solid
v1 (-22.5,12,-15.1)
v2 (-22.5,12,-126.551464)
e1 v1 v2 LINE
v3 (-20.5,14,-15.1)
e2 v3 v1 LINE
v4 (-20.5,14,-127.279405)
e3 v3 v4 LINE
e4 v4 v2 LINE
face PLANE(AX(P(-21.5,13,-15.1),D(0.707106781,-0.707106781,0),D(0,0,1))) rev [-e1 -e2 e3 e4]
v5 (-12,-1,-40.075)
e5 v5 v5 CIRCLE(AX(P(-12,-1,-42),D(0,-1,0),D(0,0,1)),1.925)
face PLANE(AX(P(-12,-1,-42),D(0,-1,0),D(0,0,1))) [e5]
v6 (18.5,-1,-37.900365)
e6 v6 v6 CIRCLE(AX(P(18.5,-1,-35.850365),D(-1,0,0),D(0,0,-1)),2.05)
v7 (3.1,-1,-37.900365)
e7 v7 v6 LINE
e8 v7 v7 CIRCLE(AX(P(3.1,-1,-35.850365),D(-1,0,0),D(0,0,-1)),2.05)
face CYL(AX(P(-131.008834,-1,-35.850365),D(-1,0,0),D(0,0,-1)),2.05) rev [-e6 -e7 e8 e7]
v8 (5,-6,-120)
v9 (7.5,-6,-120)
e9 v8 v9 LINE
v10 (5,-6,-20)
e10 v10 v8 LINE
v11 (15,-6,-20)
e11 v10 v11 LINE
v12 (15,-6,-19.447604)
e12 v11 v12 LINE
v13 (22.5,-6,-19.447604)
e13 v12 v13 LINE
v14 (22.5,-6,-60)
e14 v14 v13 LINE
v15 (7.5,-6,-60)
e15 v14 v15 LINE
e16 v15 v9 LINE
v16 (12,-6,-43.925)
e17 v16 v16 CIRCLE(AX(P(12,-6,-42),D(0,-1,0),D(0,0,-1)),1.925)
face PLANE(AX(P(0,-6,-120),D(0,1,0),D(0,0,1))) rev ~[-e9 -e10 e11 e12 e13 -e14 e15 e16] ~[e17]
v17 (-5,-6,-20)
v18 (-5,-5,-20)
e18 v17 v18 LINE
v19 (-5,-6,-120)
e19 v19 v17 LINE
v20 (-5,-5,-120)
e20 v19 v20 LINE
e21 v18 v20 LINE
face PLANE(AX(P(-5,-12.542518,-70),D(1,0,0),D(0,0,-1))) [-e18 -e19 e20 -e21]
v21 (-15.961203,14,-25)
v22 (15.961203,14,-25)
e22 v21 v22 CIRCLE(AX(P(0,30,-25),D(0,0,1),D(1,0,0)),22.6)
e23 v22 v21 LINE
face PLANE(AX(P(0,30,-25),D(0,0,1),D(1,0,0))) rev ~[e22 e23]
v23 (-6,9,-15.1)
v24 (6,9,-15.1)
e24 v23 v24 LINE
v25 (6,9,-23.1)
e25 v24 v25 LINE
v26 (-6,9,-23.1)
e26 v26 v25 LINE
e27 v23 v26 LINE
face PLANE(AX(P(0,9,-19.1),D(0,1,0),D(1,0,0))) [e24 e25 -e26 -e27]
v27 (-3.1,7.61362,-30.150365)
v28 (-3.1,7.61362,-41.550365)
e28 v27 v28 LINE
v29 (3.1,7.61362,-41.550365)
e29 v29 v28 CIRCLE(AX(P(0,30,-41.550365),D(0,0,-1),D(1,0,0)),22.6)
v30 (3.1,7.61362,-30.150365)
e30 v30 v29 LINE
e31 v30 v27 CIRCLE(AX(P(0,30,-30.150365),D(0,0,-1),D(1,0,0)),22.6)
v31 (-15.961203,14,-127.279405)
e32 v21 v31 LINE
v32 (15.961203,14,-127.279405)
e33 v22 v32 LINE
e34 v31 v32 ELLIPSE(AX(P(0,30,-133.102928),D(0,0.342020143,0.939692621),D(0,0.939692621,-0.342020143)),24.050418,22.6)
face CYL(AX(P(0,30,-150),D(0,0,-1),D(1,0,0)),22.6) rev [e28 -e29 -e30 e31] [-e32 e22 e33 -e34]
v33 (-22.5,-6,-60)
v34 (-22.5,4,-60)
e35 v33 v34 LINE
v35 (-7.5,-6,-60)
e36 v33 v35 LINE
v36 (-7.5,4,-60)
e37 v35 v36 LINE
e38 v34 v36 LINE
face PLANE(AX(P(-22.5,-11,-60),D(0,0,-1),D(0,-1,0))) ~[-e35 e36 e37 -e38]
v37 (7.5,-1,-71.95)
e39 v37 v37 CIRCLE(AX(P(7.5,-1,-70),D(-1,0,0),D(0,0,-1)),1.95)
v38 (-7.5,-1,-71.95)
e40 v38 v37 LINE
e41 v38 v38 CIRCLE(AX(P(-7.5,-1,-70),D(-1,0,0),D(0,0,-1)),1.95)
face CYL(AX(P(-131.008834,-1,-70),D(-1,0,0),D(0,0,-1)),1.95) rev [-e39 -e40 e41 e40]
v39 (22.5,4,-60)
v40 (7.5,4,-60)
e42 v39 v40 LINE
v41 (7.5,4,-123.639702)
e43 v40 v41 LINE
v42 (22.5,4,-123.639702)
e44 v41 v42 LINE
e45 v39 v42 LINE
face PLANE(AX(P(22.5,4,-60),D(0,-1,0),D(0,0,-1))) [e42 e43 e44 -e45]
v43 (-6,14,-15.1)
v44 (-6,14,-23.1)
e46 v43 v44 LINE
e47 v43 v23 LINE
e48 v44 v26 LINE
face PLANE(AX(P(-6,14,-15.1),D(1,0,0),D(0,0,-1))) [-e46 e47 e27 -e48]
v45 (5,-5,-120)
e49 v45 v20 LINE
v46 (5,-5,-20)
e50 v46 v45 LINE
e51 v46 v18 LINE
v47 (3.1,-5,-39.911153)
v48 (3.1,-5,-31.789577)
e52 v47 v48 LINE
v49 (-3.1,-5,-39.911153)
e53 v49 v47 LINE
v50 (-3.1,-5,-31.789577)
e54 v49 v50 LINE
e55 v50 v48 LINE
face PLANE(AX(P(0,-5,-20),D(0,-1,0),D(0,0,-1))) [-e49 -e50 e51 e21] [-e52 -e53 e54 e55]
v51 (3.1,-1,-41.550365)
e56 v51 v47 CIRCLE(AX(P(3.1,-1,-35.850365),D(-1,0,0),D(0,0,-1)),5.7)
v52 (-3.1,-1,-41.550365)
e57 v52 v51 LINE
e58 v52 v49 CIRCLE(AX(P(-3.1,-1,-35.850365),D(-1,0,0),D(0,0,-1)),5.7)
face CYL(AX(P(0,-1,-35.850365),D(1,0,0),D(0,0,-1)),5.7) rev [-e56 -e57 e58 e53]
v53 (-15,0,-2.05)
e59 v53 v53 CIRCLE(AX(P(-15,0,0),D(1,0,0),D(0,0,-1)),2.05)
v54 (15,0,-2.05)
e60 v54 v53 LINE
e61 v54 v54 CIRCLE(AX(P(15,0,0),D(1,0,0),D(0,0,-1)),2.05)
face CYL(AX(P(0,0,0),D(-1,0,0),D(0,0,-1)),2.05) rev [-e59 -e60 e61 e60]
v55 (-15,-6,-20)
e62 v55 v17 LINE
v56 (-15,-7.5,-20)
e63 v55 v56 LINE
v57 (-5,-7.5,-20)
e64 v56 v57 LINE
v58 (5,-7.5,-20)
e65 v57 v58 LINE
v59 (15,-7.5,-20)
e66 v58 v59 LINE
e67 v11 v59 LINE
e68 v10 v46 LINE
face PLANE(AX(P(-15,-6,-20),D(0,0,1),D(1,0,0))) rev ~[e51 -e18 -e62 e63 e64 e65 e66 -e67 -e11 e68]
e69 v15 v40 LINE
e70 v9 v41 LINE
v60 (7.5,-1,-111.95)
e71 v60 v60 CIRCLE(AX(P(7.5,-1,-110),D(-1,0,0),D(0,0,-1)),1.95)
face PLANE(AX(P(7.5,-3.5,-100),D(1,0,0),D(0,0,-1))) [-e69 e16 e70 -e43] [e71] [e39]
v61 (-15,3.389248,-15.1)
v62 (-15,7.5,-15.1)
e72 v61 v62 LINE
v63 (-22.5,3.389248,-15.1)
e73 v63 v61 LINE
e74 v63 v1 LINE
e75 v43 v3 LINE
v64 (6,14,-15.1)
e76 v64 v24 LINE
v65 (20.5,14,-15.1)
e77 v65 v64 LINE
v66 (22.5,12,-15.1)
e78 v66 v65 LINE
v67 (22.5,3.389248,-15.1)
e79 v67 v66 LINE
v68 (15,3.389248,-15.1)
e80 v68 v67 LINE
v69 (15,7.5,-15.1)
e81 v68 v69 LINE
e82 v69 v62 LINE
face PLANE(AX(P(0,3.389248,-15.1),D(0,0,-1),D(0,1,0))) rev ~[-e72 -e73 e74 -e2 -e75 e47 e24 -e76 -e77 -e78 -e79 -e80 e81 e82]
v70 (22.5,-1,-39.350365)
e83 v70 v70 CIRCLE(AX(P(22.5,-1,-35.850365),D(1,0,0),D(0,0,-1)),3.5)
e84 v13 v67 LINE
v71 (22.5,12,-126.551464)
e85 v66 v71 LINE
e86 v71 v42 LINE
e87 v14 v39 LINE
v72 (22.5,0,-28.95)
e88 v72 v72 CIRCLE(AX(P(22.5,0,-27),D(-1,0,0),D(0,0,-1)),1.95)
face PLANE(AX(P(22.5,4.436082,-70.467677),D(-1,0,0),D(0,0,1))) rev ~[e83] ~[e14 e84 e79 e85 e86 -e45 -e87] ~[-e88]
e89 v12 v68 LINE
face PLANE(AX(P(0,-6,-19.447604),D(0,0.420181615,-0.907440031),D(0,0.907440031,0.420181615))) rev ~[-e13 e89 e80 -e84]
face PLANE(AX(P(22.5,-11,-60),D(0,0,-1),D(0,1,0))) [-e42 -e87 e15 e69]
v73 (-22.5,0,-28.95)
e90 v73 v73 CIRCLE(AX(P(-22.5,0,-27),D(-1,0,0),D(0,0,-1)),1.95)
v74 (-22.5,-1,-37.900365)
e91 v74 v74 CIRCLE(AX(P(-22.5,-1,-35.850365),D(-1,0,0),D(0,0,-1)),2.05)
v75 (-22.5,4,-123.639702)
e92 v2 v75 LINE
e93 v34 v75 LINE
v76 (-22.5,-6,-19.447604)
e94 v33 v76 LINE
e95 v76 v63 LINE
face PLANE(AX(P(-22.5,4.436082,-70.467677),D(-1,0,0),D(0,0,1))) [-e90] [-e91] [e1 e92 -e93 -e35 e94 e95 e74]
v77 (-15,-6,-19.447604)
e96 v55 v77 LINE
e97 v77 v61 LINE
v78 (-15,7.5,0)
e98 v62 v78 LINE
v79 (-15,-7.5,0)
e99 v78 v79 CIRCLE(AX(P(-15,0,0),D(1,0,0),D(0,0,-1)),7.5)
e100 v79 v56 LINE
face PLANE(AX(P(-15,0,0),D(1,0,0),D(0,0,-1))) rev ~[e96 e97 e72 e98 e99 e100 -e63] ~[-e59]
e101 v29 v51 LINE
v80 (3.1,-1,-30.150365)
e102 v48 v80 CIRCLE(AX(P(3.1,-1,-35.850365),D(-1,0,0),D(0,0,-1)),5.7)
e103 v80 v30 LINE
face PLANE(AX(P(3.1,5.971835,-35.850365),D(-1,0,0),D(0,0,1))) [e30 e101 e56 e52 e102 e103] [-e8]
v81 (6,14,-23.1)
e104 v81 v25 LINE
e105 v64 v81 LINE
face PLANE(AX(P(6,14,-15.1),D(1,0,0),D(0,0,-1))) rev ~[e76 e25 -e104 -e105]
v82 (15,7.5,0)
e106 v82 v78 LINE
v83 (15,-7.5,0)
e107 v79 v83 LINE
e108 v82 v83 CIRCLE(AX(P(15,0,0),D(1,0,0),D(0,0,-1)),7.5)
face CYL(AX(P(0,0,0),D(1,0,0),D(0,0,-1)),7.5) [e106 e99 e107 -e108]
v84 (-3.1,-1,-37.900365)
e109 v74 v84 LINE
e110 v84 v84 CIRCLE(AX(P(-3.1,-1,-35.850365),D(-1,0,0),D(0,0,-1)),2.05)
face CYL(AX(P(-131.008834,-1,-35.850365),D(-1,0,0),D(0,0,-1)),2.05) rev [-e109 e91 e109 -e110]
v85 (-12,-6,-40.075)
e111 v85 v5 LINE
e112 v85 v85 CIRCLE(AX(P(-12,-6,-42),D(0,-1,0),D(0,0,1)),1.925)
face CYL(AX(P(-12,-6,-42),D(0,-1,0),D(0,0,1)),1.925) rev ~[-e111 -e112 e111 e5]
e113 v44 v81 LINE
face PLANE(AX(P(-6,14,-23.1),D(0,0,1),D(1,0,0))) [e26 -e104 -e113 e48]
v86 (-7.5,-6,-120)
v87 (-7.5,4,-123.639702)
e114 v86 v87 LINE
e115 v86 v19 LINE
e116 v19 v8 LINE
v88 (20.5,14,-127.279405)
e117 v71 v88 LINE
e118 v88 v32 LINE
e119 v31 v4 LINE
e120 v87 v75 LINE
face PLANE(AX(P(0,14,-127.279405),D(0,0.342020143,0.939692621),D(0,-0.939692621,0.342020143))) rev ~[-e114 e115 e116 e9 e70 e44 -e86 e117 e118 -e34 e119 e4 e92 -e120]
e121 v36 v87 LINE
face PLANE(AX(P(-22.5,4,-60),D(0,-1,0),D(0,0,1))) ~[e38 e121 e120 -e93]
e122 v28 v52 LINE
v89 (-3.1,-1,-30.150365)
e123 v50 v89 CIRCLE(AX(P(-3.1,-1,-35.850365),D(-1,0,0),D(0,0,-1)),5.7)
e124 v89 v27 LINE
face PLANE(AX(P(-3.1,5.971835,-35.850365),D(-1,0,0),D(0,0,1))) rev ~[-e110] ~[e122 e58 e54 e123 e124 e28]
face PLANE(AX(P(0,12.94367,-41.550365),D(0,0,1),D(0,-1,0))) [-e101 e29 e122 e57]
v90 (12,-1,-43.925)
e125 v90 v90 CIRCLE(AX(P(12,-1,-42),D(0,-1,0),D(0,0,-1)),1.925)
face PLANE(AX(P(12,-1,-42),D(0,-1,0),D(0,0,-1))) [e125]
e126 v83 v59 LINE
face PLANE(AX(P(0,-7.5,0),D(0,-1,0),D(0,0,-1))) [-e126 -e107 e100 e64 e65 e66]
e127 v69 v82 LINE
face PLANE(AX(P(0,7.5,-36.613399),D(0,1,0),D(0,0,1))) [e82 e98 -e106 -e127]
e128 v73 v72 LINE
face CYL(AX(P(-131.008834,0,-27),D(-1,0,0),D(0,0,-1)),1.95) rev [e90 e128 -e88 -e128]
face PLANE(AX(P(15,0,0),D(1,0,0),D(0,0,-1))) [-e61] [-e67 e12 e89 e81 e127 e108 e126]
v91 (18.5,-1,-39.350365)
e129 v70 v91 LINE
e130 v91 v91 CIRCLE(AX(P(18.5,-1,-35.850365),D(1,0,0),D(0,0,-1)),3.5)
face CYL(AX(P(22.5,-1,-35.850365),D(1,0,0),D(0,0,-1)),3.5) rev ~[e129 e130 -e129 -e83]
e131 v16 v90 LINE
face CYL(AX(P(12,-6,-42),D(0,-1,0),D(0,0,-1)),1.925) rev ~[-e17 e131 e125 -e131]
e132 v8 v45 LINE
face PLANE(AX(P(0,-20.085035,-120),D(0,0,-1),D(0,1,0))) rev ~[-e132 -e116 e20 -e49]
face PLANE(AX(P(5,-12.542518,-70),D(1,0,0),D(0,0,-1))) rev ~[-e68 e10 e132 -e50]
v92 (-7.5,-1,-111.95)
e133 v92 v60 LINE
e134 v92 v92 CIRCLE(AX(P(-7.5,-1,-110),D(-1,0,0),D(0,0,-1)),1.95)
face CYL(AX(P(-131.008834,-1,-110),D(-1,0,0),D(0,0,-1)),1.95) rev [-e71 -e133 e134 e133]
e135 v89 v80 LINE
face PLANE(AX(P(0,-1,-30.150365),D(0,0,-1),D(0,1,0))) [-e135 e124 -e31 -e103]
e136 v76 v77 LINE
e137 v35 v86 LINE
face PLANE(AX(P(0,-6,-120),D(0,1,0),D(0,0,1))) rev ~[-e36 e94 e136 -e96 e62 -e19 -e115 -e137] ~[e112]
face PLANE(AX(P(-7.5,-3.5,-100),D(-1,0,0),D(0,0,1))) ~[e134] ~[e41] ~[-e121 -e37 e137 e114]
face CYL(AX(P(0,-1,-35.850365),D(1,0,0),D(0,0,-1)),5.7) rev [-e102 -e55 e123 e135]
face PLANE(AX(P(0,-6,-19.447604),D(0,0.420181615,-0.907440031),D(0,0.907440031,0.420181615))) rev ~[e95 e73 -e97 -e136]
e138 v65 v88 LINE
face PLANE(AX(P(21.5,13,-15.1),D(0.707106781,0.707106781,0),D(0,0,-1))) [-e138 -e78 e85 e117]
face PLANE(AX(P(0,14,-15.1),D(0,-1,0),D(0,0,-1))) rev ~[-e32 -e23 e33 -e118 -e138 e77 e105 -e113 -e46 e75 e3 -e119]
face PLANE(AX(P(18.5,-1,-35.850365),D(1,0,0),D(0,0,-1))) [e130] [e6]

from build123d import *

# Parameters (mm, degrees)
SKETCH_1_R               = 7.5
SKETCH_1_R_2             = 2.05
EXTRUDE_1_DEPTH          = 15
EXTRUDE_2_DEPTH          = 22.5
SKETCH_3_R               = 22.6
CUT_EXTRUDE_1_DEPTH      = 125
SKETCH_5_W               = 80
SKETCH_5_H               = 15
CUT_EXTRUDE_2_DEPTH      = 15
CUT_EXTRUDE_3_DEPTH      = 131.008833765
CUT_EXTRUDE_3_DEPTH_BACK = 131.008833765
SKETCH_6_R               = 1.95
CUT_EXTRUDE_4_DEPTH      = 131.008833765
CUT_EXTRUDE_4_DEPTH_BACK = 131.008833765
SKETCH_10_R              = 1.95
CUT_EXTRUDE_5_DEPTH      = 131.008833765
CUT_EXTRUDE_5_DEPTH_BACK = 131.008833765
SKETCH_11_R              = 2.05
CUT_EXTRUDE_6_DEPTH      = 3.1
SKETCH_16_W              = 100
SKETCH_16_H              = 15.085035438
CUT_EXTRUDE_7_DEPTH      = 5
CHAMFER_1_SIZE           = 2
SKETCH_17_R              = 3.5
CUT_EXTRUDE_8_DEPTH      = 4
SKETCH_19_W              = 12
SKETCH_19_H              = 8
CUT_EXTRUDE_10_DEPTH     = 5
SKETCH_20_W              = 30
SKETCH_20_H              = 18.196576595
CUT_EXTRUDE_12_DEPTH     = 1.5
SKETCH_21_R              = 1.925
CUT_EXTRUDE_13_DEPTH     = 5


with BuildPart() as part:
    # 스케치1 → 보스-돌출1 (new, symmetric)
    # profile 1 of 2: a face of its own
    with BuildSketch(Plane(origin=(0, 0, 0), x_dir=(0, 0, -1), z_dir=(1, 0, 0))):
        with BuildLine():
            ThreePointArc((7.5, 0), (5.303300859, -5.303300859), (0, -7.5))
            Line((0, -7.5), (37.938480529, -7.5))
            Line((37.938480529, -7.5), (36.613399157, 7.5))
            Line((36.613399157, 7.5), (0, 7.5))
            ThreePointArc((0, 7.5), (5.303300859, 5.303300859), (7.5, 0))
        make_face()
    # profile 2 of 2: a face of its own
    with BuildSketch(Plane(origin=(0, 0, 0), x_dir=(0, 0, -1), z_dir=(1, 0, 0))):
        Circle(SKETCH_1_R)
        Circle(SKETCH_1_R_2, mode=Mode.SUBTRACT)
    extrude(amount=EXTRUDE_1_DEPTH, both=True)

    # 스케치2 → 보스-돌출2 (add, symmetric)
    with BuildSketch(Plane(origin=(0, 0, 0), x_dir=(0, 0, -1), z_dir=(1, 0, 0))):
        Polygon((15.1, 3.389248282), (15.1, 14), (127.279404685, 14), (120, -6), (19.447603562, -6), align=None)
    extrude(amount=EXTRUDE_2_DEPTH, both=True)

    # 스케치3 → 컷-돌출1 (cut)
    with BuildSketch(Plane.XY.offset(-150)):
        with Locations((0, 30)):
            Circle(SKETCH_3_R)
    extrude(amount=CUT_EXTRUDE_1_DEPTH, mode=Mode.SUBTRACT)

    # 스케치5 → 컷-돌출2 (cut)
    with BuildSketch(Plane(origin=(22.5, 0, 0), x_dir=(0, 0, -1), z_dir=(1, 0, 0))):
        with Locations((100, -3.5)):
            Rectangle(SKETCH_5_W, SKETCH_5_H)
    cut_extrude_2 = extrude(amount=-CUT_EXTRUDE_2_DEPTH, mode=Mode.SUBTRACT)

    # 대칭 복사1: 컷-돌출2 across plane
    add(cut_extrude_2.mirror(Plane(origin=(0, 0, 0), x_dir=(0, 0, 1), z_dir=(1, 0, 0))), mode=Mode.SUBTRACT)

    # 스케치6 → 컷-돌출3 (cut, two sides: drawn at the far end of the back side and taken through both)
    with BuildSketch(Plane(origin=(0, 0, 0), x_dir=(0, 0, -1), z_dir=(1, 0, 0)).offset(-CUT_EXTRUDE_3_DEPTH_BACK)):
        with Locations((70, -1)):
            Circle(SKETCH_6_R)
        with Locations((110, -1)):
            Circle(SKETCH_6_R)
    extrude(amount=CUT_EXTRUDE_3_DEPTH + CUT_EXTRUDE_3_DEPTH_BACK, mode=Mode.SUBTRACT)

    # 스케치10 → 컷-돌출4 (cut, two sides: drawn at the far end of the back side and taken through both)
    with BuildSketch(Plane(origin=(0, 0, 0), x_dir=(0, 0, -1), z_dir=(1, 0, 0)).offset(-CUT_EXTRUDE_4_DEPTH_BACK)):
        with Locations((27, 0)):
            Circle(SKETCH_10_R)
    extrude(amount=CUT_EXTRUDE_4_DEPTH + CUT_EXTRUDE_4_DEPTH_BACK, mode=Mode.SUBTRACT)

    # 스케치11 → 컷-돌출5 (cut, two sides: drawn at the far end of the back side and taken through both)
    with BuildSketch(Plane(origin=(0, 0, 0), x_dir=(0, 0, -1), z_dir=(1, 0, 0)).offset(-CUT_EXTRUDE_5_DEPTH_BACK)):
        with Locations((35.850364983, -1)):
            Circle(SKETCH_11_R)
    extrude(amount=CUT_EXTRUDE_5_DEPTH + CUT_EXTRUDE_5_DEPTH_BACK, mode=Mode.SUBTRACT)

    # 스케치12 → 컷-돌출6 (cut, symmetric)
    with BuildSketch(Plane(origin=(0, 0, 0), x_dir=(0, 0, -1), z_dir=(1, 0, 0))):
        with BuildLine():
            Line((30.150364983, -1), (30.150364983, 12.943670284))
            ThreePointArc((30.150364983, 12.943670284), (35.850364983, 18.643670284), (41.550364983, 12.943670284))
            Line((41.550364983, 12.943670284), (41.550364983, -1))
            ThreePointArc((41.550364983, -1), (35.850364983, -6.7), (30.150364983, -1))
        make_face()
    extrude(amount=CUT_EXTRUDE_6_DEPTH, both=True, mode=Mode.SUBTRACT)

    # 스케치16 → 컷-돌출7 (cut, symmetric)
    with BuildSketch(Plane(origin=(0, 0, 0), x_dir=(0, 0, -1), z_dir=(1, 0, 0))):
        with Locations((70, -12.542517719)):
            Rectangle(SKETCH_16_W, SKETCH_16_H)
    extrude(amount=CUT_EXTRUDE_7_DEPTH, both=True, mode=Mode.SUBTRACT)

    # 모따기1
    chamfer_1_edges = [part.edges().sort_by_distance(p)[0] for p in [
        (-22.5, 14, -71.189702343),
        (22.5, 14, -71.189702343),
    ]]
    chamfer(chamfer_1_edges, length=CHAMFER_1_SIZE)

    # 스케치17 → 컷-돌출8 (cut)
    with BuildSketch(Plane(origin=(22.5, 0, 0), x_dir=(0, 0, -1), z_dir=(1, 0, 0))):
        with Locations((35.850364983, -1)):
            Circle(SKETCH_17_R)
    extrude(amount=-CUT_EXTRUDE_8_DEPTH, mode=Mode.SUBTRACT)

    # 스케치19 → 컷-돌출10 (cut)
    with BuildSketch(Plane(origin=(0, 14, 0), x_dir=(1, 0, 0), z_dir=(0, 1, 0))):
        with Locations((0, 19.1)):
            Rectangle(SKETCH_19_W, SKETCH_19_H)
    extrude(amount=-CUT_EXTRUDE_10_DEPTH, mode=Mode.SUBTRACT)

    # 스케치20 → 컷-돌출12 (cut)
    with BuildSketch(Plane.XZ.offset(6)):
        with Locations((0, -29.098288298)):
            Rectangle(SKETCH_20_W, SKETCH_20_H)
    extrude(amount=CUT_EXTRUDE_12_DEPTH, mode=Mode.SUBTRACT)

    # 스케치21 → 컷-돌출13 (cut)
    with BuildSketch(Plane.XZ.offset(6)):
        with Locations(Location((12, -42, 0), (0, 0, 270))):
            Circle(SKETCH_21_R)
        with Locations(Location((-12, -42, 0), (0, 0, 90))):
            Circle(SKETCH_21_R)
    extrude(amount=-CUT_EXTRUDE_13_DEPTH, mode=Mode.SUBTRACT)


solid = part.part
